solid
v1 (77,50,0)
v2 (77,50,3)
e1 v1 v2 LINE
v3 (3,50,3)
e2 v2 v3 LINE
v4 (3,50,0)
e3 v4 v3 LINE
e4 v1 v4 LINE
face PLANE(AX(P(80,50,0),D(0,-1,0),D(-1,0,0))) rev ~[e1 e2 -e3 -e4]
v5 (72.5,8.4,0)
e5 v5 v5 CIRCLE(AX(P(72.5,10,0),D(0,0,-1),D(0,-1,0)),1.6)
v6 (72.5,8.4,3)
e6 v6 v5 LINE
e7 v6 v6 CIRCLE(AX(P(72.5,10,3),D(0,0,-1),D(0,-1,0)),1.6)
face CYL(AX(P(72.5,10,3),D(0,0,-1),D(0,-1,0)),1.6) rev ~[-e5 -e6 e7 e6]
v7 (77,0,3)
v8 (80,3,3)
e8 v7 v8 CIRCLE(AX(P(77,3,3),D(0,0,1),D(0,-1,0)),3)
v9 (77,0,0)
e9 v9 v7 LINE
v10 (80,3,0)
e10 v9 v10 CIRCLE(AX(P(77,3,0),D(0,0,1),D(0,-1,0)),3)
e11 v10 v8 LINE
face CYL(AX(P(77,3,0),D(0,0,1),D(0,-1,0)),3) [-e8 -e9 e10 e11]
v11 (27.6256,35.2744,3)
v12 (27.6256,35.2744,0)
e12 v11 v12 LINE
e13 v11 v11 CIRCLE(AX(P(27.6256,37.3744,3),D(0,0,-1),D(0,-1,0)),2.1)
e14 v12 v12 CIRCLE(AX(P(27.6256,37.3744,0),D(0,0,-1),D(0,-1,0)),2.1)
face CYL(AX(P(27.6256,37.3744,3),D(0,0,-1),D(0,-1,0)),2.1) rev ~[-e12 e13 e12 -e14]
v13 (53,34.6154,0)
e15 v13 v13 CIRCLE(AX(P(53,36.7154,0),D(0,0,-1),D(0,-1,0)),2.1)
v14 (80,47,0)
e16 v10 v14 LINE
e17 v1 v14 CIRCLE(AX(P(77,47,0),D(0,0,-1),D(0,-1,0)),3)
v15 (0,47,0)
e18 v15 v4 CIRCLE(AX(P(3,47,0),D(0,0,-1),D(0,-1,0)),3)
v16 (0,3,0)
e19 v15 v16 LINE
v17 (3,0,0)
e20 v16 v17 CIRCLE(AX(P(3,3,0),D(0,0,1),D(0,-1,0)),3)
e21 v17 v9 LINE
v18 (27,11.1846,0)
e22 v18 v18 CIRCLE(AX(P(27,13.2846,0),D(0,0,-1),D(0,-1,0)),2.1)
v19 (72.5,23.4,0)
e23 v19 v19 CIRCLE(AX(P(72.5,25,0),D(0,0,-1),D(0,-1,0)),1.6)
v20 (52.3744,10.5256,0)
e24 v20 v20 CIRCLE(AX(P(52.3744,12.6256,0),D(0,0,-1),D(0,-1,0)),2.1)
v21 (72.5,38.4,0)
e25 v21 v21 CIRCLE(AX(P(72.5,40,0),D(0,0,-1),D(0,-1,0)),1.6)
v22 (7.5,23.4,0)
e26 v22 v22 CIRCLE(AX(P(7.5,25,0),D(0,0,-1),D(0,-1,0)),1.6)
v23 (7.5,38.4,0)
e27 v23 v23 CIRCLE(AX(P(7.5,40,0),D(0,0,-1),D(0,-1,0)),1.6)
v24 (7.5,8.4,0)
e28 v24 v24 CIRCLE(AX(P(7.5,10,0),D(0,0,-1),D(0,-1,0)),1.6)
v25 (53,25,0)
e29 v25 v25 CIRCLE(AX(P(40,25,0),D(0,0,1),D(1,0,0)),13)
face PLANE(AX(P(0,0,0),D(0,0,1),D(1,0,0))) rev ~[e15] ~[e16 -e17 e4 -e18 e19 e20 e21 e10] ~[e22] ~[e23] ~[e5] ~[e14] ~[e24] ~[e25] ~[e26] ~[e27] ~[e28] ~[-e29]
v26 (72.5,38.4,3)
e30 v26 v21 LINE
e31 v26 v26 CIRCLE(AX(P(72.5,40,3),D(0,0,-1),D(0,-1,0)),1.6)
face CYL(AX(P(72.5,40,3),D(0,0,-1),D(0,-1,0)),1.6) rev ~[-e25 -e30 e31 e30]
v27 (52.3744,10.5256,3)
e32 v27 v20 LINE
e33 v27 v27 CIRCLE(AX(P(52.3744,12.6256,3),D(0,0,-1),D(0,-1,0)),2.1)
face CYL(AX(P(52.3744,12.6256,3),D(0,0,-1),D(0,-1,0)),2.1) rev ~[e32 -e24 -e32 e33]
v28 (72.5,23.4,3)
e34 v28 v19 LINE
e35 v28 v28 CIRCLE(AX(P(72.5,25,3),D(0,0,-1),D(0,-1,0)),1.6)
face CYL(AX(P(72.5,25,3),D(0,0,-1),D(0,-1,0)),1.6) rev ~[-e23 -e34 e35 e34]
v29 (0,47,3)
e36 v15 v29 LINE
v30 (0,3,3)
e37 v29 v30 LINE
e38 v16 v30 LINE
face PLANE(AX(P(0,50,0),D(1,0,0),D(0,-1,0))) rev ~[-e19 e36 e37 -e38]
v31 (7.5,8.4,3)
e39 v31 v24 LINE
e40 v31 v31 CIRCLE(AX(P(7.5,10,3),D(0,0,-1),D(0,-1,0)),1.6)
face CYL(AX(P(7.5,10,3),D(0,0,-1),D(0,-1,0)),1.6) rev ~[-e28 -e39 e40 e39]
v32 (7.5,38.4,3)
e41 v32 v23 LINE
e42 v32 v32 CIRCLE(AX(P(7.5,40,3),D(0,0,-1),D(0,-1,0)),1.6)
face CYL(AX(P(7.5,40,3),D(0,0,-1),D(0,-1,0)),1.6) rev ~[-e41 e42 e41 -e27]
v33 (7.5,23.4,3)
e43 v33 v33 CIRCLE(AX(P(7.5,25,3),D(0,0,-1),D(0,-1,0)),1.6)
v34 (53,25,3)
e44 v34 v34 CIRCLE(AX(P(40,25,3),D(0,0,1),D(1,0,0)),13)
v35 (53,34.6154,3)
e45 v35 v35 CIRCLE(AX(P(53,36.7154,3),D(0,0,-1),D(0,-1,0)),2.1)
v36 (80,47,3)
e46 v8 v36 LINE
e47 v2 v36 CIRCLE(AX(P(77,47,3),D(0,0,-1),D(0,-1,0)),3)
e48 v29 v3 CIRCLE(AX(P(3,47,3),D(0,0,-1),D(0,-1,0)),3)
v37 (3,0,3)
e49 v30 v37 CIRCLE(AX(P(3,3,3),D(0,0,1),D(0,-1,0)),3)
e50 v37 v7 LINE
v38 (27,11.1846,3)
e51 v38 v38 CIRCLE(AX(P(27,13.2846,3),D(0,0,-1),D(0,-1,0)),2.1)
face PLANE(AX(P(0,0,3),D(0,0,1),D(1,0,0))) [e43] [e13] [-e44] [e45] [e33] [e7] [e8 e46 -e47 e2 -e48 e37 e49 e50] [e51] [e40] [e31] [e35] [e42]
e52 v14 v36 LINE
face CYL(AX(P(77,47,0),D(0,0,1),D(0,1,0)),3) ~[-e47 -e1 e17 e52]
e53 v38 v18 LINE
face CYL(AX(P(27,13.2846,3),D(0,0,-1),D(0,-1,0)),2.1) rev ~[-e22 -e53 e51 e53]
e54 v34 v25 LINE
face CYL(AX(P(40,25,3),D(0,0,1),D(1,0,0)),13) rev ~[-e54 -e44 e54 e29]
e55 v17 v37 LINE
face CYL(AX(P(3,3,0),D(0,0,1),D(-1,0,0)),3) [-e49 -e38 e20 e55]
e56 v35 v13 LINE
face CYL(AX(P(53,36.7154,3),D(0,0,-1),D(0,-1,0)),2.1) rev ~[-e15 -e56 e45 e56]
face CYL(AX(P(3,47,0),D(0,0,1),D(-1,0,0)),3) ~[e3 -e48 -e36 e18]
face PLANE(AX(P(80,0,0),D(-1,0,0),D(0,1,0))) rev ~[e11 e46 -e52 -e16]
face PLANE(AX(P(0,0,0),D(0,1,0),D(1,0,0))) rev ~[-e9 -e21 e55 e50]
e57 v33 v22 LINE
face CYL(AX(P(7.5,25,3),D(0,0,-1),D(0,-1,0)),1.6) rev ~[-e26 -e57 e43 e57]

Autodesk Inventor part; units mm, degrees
ref_plane "YZ Plane" through (0, 0, 0) normal (1, 0, 0) x (0, 1, 0)
ref_plane "XZ Plane" through (0, 0, 0) normal (0, 1, 0) x (-1, 0, 0)
ref_plane "XY Plane" through (0, 0, 0) normal (0, 0, 1) x (1, 0, 0)
sketch "スケッチ1" plane through (0, 0, 0) normal (0, 0, 1) x (1, 0, 0)
  line L0 (0, 0) -> (80, 0)
  line L1 (80, 0) -> (80, 50)
  line L2 (80, 50) -> (0, 50)
  line L3 (0, 50) -> (0, 0)
  dimension "d0" = 80
  dimension "d1" = 50
extrude "押し出し1" add sketch "スケッチ1" along normal blind 3
sketch "スケッチ2" plane through (0, 0, 3) normal (0, 0, 1) x (1, 0, 0)
  circle A0 centre (40, 25) radius 13
  line L0 (80, 50) -> (0, 50) projected
  line L1 (0, 50) -> (0, 0) projected
  dimension "d4" = 26
  dimension "d5" = 25
  dimension "d6" = 40
extrude "押し出し2" cut sketch "スケッチ2" against normal blind 3
sketch "スケッチ3" plane through (0, 0, 3) normal (0, 0, 1) x (1, 0, 0)
  circle A0 centre (40, 25) radius 13 projected
  circle A1 centre (40, 25) radius 17.5 construction
  line L0 (40, 25) -> (57.5, 25)
  line L1 (40, 25) -> (53, 36.7154) construction
  line L2 (53, 36.7154) -> (19.5714, 6.5901) construction
  line L3 (40, 25) -> (52.3744, 12.6256)
  line L4 (40, 25) -> (57.5, 25) construction
  line L5 (52.3744, 12.6256) -> (27.6256, 37.3744) construction
  circle A2 centre (53, 36.7154) radius 2.1
  circle A3 centre (27.6256, 37.3744) radius 2.1
  circle A4 centre (27, 13.2846) radius 2.1
  circle A5 centre (52.3744, 12.6256) radius 2.1
  point P0 (0, 0)
  dimension "d9" = 35
  dimension "d10" = 17.5
  dimension "d11" = 45
  dimension "d12" = 45
  dimension "d13" = 4.2
  dimension "d14" = 4.2
  dimension "d15" = 4.2
  dimension "d16" = 4.2
hole "穴1" at (27.6256, 37.3744, 3) at (53, 36.7154, 3) at (27, 13.2846, 3) at (52.3744, 12.6256, 3) direction (0, 0, -1) diameter 4.2 end through all
sketch "スケッチ4" plane through (0, 0, 3) normal (0, 0, 1) x (1, 0, 0)
  line L0 (80, 50) -> (0, 50) projected
  line L1 (15, 50) -> (15, 0) construction
  line L2 (0, 0) -> (80, 0) projected
  line L3 (65, 50) -> (65, 0) construction
  line L4 (0, 50) -> (0, 0) projected
  line L5 (80, 0) -> (80, 50) projected
  circle A0 centre (7.5, 40) radius 1.6
  circle A1 centre (7.5, 25) radius 1.6
  circle A2 centre (7.5, 10) radius 1.6
  circle A3 centre (72.5, 40) radius 1.6
  circle A4 centre (72.5, 25) radius 1.6
  circle A5 centre (72.5, 10) radius 1.6
  point P0 (40, 0)
  dimension "d24" = 15
  dimension "d25" = 15
  dimension "d26" = 3.2
  dimension "d27" = 7.5
  dimension "d28" = 10
  dimension "d29" = 3.2
  dimension "d30" = 3.2
  dimension "d31" = 25
  dimension "d32" = 10
  dimension "d33" = 7.5
  dimension "d34" = 7.5
hole "穴2" at (7.5, 40, 3) at (7.5, 25, 3) at (7.5, 10, 3) at (72.5, 40, 3) at (72.5, 25, 3) at (72.5, 10, 3) direction (0, 0, -1) diameter 3.2 end through all
fillet "フィレット1" radius 3 4 edges at (0, 50, 1.5) (80, 50, 1.5) (80, 0, 1.5) (0, 0, 1.5)
properties part number "射出_モーター固定1" material "アルミニウム 6061"
